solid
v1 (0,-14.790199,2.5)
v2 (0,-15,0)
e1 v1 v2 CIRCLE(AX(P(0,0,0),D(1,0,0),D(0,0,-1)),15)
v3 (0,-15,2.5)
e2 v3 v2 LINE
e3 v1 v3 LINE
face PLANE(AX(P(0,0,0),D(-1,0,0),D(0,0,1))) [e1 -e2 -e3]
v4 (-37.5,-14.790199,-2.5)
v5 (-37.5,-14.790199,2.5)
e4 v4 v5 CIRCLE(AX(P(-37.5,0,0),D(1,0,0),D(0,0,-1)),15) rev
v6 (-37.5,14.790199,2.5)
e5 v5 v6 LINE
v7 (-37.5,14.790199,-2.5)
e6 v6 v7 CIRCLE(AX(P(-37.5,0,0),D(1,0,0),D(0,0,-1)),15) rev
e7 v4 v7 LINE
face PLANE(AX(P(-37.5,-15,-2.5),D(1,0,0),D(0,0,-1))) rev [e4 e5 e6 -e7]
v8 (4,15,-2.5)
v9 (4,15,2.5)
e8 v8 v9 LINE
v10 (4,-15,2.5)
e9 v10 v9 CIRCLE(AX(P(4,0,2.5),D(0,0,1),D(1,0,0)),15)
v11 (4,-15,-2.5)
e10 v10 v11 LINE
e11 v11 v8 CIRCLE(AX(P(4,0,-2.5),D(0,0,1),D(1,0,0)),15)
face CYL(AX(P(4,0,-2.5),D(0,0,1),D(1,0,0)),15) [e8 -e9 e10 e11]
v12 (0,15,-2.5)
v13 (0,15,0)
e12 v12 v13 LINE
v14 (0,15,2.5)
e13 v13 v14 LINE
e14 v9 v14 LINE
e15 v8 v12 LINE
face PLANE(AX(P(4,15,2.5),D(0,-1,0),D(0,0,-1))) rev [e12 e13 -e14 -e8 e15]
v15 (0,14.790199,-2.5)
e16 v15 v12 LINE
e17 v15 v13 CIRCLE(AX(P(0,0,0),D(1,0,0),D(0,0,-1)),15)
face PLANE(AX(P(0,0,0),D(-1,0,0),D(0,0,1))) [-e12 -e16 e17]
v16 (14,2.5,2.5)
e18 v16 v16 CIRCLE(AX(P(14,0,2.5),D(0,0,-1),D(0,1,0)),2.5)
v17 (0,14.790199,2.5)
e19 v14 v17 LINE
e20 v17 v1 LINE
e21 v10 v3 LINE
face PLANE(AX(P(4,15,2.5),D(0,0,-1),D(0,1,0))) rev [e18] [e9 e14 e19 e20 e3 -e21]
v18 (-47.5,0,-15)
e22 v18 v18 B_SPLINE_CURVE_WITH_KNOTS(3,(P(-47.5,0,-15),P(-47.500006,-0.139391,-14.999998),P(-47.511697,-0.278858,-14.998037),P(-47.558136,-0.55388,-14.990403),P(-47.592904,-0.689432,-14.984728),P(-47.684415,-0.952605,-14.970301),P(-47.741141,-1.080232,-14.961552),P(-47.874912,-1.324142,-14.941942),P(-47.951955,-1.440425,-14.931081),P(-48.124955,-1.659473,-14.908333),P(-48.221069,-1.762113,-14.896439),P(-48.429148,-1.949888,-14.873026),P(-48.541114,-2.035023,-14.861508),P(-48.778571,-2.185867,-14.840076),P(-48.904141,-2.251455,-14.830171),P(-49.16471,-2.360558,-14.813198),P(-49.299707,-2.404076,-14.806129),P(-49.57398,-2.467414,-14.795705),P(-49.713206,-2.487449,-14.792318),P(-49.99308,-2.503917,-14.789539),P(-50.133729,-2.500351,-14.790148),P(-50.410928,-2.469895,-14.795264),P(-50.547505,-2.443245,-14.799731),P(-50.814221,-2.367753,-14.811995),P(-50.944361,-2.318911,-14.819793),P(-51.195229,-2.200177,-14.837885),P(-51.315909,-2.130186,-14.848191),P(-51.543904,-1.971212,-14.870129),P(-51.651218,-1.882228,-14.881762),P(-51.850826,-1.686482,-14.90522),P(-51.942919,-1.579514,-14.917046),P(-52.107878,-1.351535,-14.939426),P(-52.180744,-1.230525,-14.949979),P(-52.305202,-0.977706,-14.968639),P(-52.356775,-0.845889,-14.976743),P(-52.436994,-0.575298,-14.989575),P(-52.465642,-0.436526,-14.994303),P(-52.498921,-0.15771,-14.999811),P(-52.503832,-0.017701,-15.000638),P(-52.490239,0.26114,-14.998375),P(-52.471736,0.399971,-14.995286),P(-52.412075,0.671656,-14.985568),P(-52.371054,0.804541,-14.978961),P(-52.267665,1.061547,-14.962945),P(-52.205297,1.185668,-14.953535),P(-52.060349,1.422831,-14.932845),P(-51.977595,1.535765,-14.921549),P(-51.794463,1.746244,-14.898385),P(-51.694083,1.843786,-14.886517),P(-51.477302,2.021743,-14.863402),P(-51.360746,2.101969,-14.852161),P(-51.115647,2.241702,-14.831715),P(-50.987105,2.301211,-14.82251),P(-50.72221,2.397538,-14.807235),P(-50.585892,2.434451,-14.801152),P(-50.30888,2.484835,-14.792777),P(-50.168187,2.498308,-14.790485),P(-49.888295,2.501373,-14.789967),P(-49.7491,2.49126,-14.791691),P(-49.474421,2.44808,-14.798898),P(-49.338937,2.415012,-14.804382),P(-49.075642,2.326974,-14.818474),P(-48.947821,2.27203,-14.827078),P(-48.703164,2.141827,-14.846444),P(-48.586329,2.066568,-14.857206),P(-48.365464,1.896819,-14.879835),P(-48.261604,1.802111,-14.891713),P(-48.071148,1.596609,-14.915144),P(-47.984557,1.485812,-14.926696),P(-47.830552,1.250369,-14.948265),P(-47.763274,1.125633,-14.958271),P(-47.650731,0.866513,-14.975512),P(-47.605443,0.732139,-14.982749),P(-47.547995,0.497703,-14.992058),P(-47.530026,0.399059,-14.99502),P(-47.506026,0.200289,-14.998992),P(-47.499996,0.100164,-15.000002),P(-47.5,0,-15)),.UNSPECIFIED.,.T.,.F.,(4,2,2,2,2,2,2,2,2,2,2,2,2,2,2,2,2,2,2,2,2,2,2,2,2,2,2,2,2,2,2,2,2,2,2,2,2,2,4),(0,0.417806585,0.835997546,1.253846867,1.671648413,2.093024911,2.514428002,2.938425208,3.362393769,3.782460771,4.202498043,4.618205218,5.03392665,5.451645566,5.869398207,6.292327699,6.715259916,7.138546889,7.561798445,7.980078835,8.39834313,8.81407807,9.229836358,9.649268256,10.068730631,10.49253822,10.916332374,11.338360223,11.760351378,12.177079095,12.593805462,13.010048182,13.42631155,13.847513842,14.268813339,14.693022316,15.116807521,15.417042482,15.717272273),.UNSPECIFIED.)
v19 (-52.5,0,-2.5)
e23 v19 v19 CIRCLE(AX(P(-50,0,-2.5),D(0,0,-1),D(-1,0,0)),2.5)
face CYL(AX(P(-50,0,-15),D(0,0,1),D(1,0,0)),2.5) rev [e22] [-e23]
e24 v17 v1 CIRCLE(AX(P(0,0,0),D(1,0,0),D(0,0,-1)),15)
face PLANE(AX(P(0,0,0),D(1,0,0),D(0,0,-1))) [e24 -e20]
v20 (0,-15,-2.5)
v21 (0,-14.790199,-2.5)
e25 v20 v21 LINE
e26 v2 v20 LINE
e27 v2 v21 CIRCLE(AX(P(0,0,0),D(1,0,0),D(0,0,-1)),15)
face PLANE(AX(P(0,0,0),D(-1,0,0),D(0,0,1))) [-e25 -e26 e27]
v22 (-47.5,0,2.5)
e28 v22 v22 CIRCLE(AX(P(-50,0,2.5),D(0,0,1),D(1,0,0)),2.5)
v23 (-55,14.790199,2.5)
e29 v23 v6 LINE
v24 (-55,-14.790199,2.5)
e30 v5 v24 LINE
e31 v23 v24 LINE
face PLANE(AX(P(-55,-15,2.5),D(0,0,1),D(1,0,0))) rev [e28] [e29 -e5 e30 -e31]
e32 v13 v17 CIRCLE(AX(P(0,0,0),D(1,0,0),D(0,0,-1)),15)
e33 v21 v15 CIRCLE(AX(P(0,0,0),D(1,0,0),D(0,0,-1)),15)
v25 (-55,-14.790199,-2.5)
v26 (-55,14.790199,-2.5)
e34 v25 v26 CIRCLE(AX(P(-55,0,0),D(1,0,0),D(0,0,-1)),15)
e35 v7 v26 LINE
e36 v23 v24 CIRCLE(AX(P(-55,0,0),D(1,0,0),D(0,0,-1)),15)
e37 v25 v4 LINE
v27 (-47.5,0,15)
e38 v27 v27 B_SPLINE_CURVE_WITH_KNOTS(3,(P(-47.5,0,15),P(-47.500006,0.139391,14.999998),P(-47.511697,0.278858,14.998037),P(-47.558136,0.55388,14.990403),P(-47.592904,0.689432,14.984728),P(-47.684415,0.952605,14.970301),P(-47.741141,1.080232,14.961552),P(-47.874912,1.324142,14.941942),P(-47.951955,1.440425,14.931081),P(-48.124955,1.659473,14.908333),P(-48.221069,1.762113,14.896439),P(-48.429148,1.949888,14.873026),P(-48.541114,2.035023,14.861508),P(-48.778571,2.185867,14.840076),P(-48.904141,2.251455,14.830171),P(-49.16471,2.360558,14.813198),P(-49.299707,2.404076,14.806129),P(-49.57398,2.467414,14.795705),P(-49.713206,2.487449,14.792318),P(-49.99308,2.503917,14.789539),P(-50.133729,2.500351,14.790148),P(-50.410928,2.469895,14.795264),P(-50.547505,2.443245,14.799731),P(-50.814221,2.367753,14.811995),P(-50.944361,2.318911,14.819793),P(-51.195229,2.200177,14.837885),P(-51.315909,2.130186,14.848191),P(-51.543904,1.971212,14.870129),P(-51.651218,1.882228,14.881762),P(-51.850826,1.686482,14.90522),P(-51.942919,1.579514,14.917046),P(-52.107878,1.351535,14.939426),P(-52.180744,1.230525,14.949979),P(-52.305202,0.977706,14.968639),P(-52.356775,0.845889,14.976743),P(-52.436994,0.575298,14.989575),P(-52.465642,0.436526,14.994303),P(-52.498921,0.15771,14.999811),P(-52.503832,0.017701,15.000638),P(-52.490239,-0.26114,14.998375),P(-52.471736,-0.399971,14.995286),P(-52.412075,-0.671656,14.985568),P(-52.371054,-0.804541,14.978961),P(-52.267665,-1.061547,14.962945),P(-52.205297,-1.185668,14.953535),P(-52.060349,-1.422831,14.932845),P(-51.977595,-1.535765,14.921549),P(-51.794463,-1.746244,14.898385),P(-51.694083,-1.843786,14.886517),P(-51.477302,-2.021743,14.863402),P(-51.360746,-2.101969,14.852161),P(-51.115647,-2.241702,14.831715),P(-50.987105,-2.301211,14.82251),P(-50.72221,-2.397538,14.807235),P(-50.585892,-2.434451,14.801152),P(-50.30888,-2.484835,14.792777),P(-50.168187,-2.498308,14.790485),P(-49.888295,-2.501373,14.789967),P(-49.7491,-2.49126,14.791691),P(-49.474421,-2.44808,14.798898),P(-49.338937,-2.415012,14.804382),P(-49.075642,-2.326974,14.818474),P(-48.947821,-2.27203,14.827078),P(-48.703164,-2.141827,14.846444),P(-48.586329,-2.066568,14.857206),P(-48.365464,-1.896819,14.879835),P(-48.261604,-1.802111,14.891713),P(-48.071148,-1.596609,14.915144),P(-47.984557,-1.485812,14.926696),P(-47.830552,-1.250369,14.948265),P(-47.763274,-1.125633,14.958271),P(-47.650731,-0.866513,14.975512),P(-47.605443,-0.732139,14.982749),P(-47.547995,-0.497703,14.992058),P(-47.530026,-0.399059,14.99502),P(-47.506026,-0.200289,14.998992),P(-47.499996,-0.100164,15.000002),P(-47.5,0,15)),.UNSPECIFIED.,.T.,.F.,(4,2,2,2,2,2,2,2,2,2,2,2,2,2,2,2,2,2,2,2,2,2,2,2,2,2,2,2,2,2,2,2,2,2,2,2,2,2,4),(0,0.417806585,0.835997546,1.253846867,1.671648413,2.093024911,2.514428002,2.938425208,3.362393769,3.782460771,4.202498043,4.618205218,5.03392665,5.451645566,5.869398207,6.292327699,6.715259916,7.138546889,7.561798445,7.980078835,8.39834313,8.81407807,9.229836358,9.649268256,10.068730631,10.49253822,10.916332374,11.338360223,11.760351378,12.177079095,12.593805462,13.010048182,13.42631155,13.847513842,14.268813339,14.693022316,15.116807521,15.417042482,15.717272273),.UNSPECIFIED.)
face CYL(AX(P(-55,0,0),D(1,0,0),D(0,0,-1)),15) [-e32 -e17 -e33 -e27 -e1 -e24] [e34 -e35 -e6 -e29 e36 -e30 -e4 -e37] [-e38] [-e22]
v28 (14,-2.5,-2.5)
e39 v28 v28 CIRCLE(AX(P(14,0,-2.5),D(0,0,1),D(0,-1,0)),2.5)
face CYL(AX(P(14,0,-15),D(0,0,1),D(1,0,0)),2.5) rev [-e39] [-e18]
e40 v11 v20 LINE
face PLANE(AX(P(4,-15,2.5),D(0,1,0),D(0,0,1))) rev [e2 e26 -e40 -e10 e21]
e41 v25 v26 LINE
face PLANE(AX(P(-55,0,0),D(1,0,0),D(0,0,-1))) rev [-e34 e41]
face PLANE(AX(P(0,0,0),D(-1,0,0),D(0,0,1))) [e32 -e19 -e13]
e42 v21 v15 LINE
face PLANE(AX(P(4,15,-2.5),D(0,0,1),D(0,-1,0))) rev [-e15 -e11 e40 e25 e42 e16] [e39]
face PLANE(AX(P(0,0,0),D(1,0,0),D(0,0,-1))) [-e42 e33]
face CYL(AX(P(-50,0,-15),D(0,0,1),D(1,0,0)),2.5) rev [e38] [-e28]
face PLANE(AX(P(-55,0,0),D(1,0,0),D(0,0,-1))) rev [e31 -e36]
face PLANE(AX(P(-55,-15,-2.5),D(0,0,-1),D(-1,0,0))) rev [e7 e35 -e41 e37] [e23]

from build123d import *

# Parameters (mm, degrees)
SKETCH2_R               = 15
BOSS_EXTRUDE1_DEPTH     = 55
CUT_EXTRUDE1_DEPTH      = 59.949130613
CUT_EXTRUDE1_DEPTH_BACK = 59.949130613
SKETCH3_W               = 17.5
SKETCH3_H               = 5
CUT_EXTRUDE2_DEPTH      = 59.949130613
CUT_EXTRUDE2_DEPTH_BACK = 59.949130613
SKETCH6_R               = 2.5
SKETCH7_W               = 5
SKETCH7_H               = 30
BOSS_EXTRUDE2_DEPTH     = 4
BOSS_EXTRUDE3_DEPTH     = 5
CUT_EXTRUDE3_DEPTH      = 60.634302356
CUT_EXTRUDE3_DEPTH_BACK = 60.634302356
SKETCH9_R               = 2.5


with BuildPart() as part:
    # Sketch2 → Boss-Extrude1 (new body)
    with BuildSketch(Plane(origin=(0, 0, 0), x_dir=(0, 0, -1), z_dir=(1, 0, 0))):
        Circle(SKETCH2_R)
    extrude(amount=-BOSS_EXTRUDE1_DEPTH)

    # Sketch3 → Cut-Extrude1 (cut, two sides: drawn at the far end of the back side and taken through both)
    with BuildSketch(Plane(origin=(0, 0, 0), x_dir=(1, 0, 0), z_dir=(0, 1, 0)).offset(-CUT_EXTRUDE1_DEPTH_BACK)):
        with Locations((-46.25, 0)):
            Rectangle(SKETCH3_W, SKETCH3_H)
    extrude(amount=CUT_EXTRUDE1_DEPTH + CUT_EXTRUDE1_DEPTH_BACK, mode=Mode.SUBTRACT)

    # Sketch6 → Cut-Extrude2 (cut, two sides: drawn at the far end of the back side and taken through both)
    with BuildSketch(Plane.XY.offset(-CUT_EXTRUDE2_DEPTH_BACK)):
        with Locations((-50, 0)):
            Circle(SKETCH6_R)
    extrude(amount=CUT_EXTRUDE2_DEPTH + CUT_EXTRUDE2_DEPTH_BACK, mode=Mode.SUBTRACT)

    # Sketch7 → Boss-Extrude2 (add)
    with BuildSketch(Plane(origin=(0, 0, 0), x_dir=(0, 0, -1), z_dir=(1, 0, 0))):
        Rectangle(SKETCH7_W, SKETCH7_H)
    extrude(amount=BOSS_EXTRUDE2_DEPTH)

    # Sketch8 → Boss-Extrude3 (add)
    with BuildSketch(Plane.XY.offset(2.5)):
        with BuildLine():
            Line((4, 15), (4, -15))
            ThreePointArc((4, -15), (19, 0), (4, 15))
        make_face()
    extrude(amount=-BOSS_EXTRUDE3_DEPTH)

    # Sketch9 → Cut-Extrude3 (cut, two sides: drawn at the far end of the back side and taken through both)
    with BuildSketch(Plane.XY.offset(2.5).offset(-CUT_EXTRUDE3_DEPTH_BACK)):
        with Locations(Location((14, 0, 0), (0, 0, 270))):
            Circle(SKETCH9_R)
    extrude(amount=CUT_EXTRUDE3_DEPTH + CUT_EXTRUDE3_DEPTH_BACK, mode=Mode.SUBTRACT)


solid = part.part
